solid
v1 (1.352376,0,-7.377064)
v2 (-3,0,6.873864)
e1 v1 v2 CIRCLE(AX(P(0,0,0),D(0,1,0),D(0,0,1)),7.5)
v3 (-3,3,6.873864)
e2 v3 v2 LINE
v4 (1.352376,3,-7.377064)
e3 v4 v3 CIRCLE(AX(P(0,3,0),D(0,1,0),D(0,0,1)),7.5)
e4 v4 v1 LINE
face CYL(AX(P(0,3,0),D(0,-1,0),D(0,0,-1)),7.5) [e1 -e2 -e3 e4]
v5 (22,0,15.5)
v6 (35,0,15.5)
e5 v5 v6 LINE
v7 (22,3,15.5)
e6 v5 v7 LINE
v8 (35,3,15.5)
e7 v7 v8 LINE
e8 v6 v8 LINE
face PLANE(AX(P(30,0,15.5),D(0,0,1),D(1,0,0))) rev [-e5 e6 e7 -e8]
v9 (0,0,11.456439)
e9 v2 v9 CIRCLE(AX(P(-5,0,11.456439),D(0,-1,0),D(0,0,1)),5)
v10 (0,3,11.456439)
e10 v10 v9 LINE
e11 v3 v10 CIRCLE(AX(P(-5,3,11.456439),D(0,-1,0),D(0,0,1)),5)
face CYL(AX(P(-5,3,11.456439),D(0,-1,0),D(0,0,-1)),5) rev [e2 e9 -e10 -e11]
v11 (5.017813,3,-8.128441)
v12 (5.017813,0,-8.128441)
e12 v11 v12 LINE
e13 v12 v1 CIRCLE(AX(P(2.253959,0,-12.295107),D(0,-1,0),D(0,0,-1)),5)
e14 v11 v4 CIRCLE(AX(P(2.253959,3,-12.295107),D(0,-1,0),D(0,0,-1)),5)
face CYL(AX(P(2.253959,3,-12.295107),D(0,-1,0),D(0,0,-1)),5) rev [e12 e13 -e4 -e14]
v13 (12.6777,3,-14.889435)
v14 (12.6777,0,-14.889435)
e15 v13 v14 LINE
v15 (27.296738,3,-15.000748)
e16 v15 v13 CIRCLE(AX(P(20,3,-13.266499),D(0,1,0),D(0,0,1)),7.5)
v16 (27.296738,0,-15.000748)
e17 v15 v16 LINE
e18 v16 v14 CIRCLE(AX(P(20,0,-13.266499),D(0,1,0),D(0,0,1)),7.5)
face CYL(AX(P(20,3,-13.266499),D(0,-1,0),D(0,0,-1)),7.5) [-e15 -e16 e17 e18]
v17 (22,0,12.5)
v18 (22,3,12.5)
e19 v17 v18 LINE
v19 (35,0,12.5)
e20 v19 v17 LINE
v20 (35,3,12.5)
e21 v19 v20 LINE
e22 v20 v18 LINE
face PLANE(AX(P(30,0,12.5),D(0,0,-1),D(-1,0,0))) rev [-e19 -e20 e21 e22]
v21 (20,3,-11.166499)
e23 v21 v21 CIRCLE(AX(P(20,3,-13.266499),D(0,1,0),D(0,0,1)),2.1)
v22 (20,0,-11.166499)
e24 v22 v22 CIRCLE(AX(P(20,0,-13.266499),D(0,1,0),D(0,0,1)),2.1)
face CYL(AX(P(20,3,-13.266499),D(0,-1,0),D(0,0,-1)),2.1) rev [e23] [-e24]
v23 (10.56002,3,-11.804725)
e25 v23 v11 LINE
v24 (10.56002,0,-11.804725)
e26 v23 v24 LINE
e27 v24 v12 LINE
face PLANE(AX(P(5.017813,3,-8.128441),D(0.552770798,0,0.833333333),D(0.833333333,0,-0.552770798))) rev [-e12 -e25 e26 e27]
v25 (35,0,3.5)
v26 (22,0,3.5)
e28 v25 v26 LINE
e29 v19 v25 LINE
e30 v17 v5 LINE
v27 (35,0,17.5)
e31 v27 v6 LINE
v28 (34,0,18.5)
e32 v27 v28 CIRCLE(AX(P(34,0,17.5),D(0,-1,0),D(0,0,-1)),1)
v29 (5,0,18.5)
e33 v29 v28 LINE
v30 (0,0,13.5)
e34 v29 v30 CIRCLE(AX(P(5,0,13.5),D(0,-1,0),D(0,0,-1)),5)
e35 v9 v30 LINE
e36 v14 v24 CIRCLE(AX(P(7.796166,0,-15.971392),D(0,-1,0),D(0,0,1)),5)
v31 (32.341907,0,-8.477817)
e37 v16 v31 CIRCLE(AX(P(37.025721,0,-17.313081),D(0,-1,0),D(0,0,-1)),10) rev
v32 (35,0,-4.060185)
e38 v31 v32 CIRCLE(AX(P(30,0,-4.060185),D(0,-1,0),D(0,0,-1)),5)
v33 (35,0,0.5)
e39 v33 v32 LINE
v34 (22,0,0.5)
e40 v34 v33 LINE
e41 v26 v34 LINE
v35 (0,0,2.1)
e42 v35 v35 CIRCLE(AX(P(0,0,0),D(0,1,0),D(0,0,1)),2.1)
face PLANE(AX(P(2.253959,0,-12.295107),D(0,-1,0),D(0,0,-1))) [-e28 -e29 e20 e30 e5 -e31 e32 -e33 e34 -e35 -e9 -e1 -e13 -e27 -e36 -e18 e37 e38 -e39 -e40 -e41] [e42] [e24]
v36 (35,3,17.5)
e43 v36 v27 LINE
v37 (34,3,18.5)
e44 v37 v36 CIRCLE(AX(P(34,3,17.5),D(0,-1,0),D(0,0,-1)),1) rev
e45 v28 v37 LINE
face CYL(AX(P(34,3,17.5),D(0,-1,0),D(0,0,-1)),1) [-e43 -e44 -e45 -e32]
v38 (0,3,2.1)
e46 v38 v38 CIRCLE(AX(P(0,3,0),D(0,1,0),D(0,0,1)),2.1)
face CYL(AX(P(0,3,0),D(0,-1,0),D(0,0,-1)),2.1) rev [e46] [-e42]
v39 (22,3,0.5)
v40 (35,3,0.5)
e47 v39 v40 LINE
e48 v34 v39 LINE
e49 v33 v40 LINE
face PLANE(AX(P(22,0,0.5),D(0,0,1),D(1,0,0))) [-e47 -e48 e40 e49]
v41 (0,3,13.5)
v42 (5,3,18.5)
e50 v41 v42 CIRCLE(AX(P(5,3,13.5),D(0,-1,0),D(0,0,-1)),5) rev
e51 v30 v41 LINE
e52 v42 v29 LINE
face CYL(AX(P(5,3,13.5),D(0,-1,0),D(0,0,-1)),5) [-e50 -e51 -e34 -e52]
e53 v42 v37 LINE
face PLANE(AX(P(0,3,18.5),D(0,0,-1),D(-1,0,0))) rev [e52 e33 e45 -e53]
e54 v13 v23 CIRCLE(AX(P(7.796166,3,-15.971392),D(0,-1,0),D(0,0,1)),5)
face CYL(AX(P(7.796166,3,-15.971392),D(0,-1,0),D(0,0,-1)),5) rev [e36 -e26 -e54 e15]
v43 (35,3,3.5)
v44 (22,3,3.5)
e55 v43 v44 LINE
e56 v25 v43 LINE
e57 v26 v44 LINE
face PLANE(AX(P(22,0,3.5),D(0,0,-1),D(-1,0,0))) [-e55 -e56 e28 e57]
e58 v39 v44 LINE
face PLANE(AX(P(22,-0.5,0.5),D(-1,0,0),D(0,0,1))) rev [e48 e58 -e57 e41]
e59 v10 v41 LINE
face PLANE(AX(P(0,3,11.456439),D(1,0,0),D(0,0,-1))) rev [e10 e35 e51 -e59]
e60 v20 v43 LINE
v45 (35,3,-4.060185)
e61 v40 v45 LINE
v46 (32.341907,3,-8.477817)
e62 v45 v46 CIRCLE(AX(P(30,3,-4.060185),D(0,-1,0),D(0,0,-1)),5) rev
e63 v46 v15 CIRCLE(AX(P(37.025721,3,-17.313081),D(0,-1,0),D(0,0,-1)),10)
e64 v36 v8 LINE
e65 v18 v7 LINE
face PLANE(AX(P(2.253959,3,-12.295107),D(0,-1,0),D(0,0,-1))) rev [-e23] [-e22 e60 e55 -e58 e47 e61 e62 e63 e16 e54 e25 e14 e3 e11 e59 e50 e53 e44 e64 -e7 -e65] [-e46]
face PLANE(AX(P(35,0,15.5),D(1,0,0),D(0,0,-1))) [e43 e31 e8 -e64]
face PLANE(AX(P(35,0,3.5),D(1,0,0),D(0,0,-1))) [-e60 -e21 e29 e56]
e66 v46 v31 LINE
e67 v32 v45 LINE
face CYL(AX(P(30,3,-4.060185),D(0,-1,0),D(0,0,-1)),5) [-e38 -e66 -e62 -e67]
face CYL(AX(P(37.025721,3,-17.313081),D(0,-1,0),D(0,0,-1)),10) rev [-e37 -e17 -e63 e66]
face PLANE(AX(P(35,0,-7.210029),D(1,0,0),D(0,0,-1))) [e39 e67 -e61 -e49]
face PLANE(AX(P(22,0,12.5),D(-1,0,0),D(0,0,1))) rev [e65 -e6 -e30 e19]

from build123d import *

# Parameters (mm, degrees)
SKETCH1_R           = 2.1
BOSS_EXTRUDE1_DEPTH = 3
FILLET1_R           = 5
SKETCH2_W           = 8
SKETCH2_H           = 3
CUT_EXTRUDE1_DEPTH  = 3
BOSS_EXTRUDE2_DEPTH = 3
FILLET2_R           = 10
SKETCH5_W           = 13
SKETCH5_H           = 3
CUT_EXTRUDE3_DEPTH  = 3.5
FILLET3_R           = 5
FILLET4_R           = 1


with BuildPart() as part:
    # Sketch1 → Boss-Extrude1 (new body)
    with BuildSketch(Plane(origin=(0, 0, 0), x_dir=(1, 0, 0), z_dir=(0, 1, 0))):
        with BuildLine():
            Line((0, -11.456439237), (0, -18.5))
            Line((0, -18.5), (30, -18.5))
            Line((30, -18.5), (30, -10.955880937))
            ThreePointArc((30, -10.955880937), (29.758770483, -9.587800364), (29.064177772, -8.384730498))
            Line((29.064177772, -8.384730498), (22.591994863, -0.671483264))
            ThreePointArc((22.591994863, -0.671483264), (21.491397009, 3.371317526), (23.853330247, 6.832072535))
            ThreePointArc((23.853330247, 6.832072535), (24.386195315, 19.350189707), (12.677699795, 14.889434685))
            ThreePointArc((12.677699795, 14.889434685), (11.918282987, 13.141523465), (10.560020318, 11.804725034))
            Line((10.560020318, 11.804725034), (5.017813295, 8.128440794))
            ThreePointArc((5.017813295, 8.128440794), (3.258028142, 7.396960283), (1.352375582, 7.377064476))
            ThreePointArc((1.352375582, 7.377064476), (-7.172928544, 2.190683933), (-3, -6.873863542))
            ThreePointArc((-3, -6.873863542), (-0.816699867, -8.71782645), (0, -11.456439237))
        make_face()
        with Locations(Location((0, 0, 0), (0, 0, 270))):
            Circle(SKETCH1_R, mode=Mode.SUBTRACT)
        with Locations(Location((20, 13.266499161, 0), (0, 0, 270))):
            Circle(SKETCH1_R, mode=Mode.SUBTRACT)
    extrude(amount=BOSS_EXTRUDE1_DEPTH)

    # Fillet1
    fillet1_edges = [part.edges().sort_by_distance(p)[0] for p in [
        (0, 1.5, 18.5),
    ]]
    fillet(fillet1_edges, radius=FILLET1_R)

    # Sketch2 → Cut-Extrude1 (cut)
    with BuildSketch(Plane(origin=(0, 3, 0), x_dir=(1, 0, 0), z_dir=(0, 1, 0))):
        with Locations((26, -14)):
            Rectangle(SKETCH2_W, SKETCH2_H)
    extrude(amount=-CUT_EXTRUDE1_DEPTH, mode=Mode.SUBTRACT)

    # Sketch4 → Boss-Extrude2 (add)
    with BuildSketch(Plane(origin=(0, 3, 0), x_dir=(1, 0, 0), z_dir=(0, 1, 0))):
        Polygon((27.12691506, 10.930459408), (35, 7.210028784), (35, -0.5), (22, -0.5), (22, -3.5), (35, -3.5), (35, -12.5), (22, -12.5), (22, -15.5), (35, -15.5), (35, -18.5), (18.101899038, -18.5), (15.526805317, 5.265582811), align=None)
    extrude(amount=-BOSS_EXTRUDE2_DEPTH)

    # Fillet2
    fillet2_edges = [part.edges().sort_by_distance(p)[0] for p in [
        (27.12691506, 1.5, -10.930459408),
    ]]
    fillet(fillet2_edges, radius=FILLET2_R)

    # Sketch5 → Cut-Extrude3 (cut)
    with BuildSketch(Plane(origin=(0, 3, 0), x_dir=(1, 0, 0), z_dir=(0, 1, 0))):
        with Locations((28.5, -2)):
            Rectangle(SKETCH5_W, SKETCH5_H)
    extrude(amount=-CUT_EXTRUDE3_DEPTH, mode=Mode.SUBTRACT)

    # Fillet3
    fillet3_edges = [part.edges().sort_by_distance(p)[0] for p in [
        (35, 1.5, -7.210028784),
    ]]
    fillet(fillet3_edges, radius=FILLET3_R)

    # Fillet4
    fillet4_edges = [part.edges().sort_by_distance(p)[0] for p in [
        (35, 1.5, 18.5),
    ]]
    fillet(fillet4_edges, radius=FILLET4_R)


solid = part.part
